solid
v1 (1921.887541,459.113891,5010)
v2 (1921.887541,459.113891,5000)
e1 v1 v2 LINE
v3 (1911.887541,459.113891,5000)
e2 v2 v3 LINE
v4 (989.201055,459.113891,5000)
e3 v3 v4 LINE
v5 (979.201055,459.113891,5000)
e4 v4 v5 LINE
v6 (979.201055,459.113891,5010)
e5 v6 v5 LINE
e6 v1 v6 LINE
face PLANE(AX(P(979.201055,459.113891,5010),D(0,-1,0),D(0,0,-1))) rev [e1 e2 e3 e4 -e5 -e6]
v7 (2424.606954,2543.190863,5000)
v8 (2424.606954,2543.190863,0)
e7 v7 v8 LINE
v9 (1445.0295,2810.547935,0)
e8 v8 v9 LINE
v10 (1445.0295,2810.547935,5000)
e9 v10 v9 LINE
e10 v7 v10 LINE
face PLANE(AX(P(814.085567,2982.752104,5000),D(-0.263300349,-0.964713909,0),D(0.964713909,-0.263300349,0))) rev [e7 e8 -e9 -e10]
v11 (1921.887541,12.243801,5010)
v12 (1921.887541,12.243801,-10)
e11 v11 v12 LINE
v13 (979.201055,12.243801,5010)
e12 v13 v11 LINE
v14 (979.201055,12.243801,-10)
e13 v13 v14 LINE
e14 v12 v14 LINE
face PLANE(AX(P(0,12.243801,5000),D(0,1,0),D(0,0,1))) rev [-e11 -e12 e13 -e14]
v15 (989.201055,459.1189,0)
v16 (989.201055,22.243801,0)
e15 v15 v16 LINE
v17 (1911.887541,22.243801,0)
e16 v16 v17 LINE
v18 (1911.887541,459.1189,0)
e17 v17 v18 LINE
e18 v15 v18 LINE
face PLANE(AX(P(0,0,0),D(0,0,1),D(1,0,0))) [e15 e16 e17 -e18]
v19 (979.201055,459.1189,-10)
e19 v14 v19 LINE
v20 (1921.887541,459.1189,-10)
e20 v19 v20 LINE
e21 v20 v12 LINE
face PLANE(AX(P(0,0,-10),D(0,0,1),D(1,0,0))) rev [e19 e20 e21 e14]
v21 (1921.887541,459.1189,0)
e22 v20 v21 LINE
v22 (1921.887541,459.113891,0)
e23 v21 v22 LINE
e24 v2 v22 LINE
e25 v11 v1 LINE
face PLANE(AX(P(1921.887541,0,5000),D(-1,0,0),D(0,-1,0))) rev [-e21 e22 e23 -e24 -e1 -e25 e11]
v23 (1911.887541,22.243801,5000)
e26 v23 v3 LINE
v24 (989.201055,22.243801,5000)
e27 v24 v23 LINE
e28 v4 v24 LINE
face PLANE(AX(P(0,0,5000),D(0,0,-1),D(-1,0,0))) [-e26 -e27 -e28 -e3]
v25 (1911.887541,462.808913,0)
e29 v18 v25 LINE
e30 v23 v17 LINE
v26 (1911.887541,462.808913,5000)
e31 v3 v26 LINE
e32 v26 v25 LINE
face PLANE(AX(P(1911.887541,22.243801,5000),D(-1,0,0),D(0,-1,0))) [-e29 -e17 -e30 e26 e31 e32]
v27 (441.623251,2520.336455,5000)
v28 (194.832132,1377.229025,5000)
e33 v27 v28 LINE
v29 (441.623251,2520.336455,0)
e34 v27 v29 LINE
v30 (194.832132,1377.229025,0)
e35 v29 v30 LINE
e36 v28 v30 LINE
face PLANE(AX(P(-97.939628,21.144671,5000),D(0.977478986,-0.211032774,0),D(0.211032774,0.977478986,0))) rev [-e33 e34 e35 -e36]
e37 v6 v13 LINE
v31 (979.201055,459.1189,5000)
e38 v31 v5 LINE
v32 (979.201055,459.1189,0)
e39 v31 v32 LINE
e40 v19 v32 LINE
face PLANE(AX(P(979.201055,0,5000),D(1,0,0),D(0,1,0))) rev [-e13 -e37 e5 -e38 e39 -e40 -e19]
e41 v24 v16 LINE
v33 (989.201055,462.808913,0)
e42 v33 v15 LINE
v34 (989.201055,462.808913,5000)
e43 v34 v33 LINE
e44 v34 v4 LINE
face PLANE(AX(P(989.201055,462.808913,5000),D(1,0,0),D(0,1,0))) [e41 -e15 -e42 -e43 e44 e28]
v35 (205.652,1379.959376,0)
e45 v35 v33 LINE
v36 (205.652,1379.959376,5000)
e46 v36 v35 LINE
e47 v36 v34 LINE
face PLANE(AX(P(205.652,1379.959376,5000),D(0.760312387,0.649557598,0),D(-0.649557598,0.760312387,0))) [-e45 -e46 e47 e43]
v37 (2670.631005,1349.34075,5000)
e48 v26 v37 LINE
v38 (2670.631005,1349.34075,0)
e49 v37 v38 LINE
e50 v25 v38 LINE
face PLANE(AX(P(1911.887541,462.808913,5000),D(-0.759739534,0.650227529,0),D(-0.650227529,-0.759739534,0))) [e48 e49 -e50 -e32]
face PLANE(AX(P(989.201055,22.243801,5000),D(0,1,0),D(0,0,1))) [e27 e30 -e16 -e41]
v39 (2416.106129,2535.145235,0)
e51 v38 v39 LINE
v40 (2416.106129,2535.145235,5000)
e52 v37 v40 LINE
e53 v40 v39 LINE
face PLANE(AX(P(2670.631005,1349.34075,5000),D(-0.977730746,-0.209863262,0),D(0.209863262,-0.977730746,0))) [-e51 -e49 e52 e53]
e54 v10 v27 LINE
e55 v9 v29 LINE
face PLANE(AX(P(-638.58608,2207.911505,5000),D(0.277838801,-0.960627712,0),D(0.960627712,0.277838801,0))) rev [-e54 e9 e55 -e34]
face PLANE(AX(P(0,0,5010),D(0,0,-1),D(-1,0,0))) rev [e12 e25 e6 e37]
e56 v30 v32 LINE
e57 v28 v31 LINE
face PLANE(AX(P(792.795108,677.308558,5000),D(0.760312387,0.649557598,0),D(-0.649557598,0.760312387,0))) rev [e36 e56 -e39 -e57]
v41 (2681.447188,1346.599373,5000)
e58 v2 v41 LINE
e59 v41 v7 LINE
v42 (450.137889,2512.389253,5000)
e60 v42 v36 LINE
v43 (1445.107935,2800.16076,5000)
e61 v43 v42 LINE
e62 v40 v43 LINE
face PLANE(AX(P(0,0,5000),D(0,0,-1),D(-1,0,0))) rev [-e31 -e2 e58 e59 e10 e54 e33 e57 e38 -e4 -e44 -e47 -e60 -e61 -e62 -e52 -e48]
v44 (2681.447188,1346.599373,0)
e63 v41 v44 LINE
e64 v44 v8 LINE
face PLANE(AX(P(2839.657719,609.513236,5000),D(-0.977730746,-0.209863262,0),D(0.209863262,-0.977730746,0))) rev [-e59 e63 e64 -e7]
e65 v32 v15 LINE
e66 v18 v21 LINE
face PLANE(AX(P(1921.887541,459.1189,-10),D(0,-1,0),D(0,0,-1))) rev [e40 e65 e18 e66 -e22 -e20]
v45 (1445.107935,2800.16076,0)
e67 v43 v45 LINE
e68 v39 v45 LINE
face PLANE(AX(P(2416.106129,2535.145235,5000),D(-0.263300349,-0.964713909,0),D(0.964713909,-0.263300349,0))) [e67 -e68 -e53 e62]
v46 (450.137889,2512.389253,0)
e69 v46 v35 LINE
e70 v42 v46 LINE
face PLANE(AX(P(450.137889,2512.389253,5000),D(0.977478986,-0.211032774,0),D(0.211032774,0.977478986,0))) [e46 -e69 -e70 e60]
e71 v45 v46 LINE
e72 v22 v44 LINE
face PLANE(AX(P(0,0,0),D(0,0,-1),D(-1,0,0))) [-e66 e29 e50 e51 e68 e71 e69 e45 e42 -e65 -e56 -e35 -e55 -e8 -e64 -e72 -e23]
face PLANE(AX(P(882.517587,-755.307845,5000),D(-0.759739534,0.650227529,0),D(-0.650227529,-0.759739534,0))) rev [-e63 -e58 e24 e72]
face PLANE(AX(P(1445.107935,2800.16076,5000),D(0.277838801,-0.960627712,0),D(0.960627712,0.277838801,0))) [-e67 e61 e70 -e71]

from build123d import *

# Parameters (mm, degrees)
EXTRUDE_THIN1_DEPTH = 5000
SKETCH3_W           = 942.686486423
SKETCH3_H           = 446.87009075
BOSS_EXTRUDE1_DEPTH = 10
SKETCH4_W           = 942.686486423
SKETCH4_H           = 446.875098961
BOSS_EXTRUDE2_DEPTH = 10
BOSS_EXTRUDE5_DEPTH = 500
BOSS_EXTRUDE5_DRAFT = -20


with BuildPart() as part:
    # Sketch2 → Extrude-Thin1 (new body)
    with BuildSketch(Plane.XY):
        Polygon((1921.887541059, 12.24380069), (1921.887541059, 459.11389144), (2681.447187748, 1346.59937336), (2424.606954424, 2543.190863223), (1445.029500253, 2810.547934615), (441.623250623, 2520.336455312), (194.832132021, 1377.229025334), (979.201054636, 459.118899651), (979.201054636, 12.24380069), align=None)
        Polygon((1911.887541059, 22.24380069), (1911.887541059, 462.808912872), (2670.631005203, 1349.340749924), (2416.106129236, 2535.14523468), (1445.107934874, 2800.160759962), (450.137888664, 2512.38925258), (205.652, 1379.959376498), (989.201054636, 462.808912872), (989.201054636, 22.24380069), align=None, mode=Mode.SUBTRACT)
    extrude(amount=EXTRUDE_THIN1_DEPTH)

    # Sketch3 → Boss-Extrude1 (add)
    with BuildSketch(Plane.XY.offset(5000)):
        with Locations((1450.544297848, 235.678846065)):
            Rectangle(SKETCH3_W, SKETCH3_H)
    extrude(amount=BOSS_EXTRUDE1_DEPTH)

    # Sketch4 → Boss-Extrude2 (add)
    with BuildSketch(Plane(origin=(0, 0, 0), x_dir=(-1, 0, 0), z_dir=(0, 0, -1))):
        with Locations((-1450.544297848, 235.681350171)):
            Rectangle(SKETCH4_W, SKETCH4_H)
    extrude(amount=BOSS_EXTRUDE2_DEPTH)


with BuildPart() as body_2:
    # Sketch5 → Boss-Extrude5 (with draft: the straight prism first)
    with BuildSketch(Plane.XY.offset(5000)):
        Polygon((989.201054636, 462.808912872), (1911.887541059, 462.808912872), (2670.631005203, 1349.340749924), (2416.106129236, 2535.14523468), (1445.107934874, 2800.160759962), (450.137888664, 2512.38925258), (205.652, 1379.959376498), align=None)
    extrude(amount=BOSS_EXTRUDE5_DEPTH)
    # Boss-Extrude5: the draft: its side faces are tilted about the plane it starts from
    boss_extrude5_sides = [body_2.faces().sort_by_distance(p)[0] for p in [
        (1450.544297848, 462.808912872, 5250),
        (2291.259273131, 906.074831398, 5250),
        (2543.368567219, 1942.242992302, 5250),
        (1930.607032055, 2667.652997321, 5250),
        (947.622911769, 2656.275006271, 5250),
        (327.894944332, 1946.174314539, 5250),
        (597.426527318, 921.384144685, 5250),
    ]]
    draft(boss_extrude5_sides, Plane.XY.offset(5000), BOSS_EXTRUDE5_DRAFT)

    # DeleteFace3: 1 face struck out; the rest of the skin is kept as a surface, the solid goes
    deleteface3_1_drop = [body_2.part.faces().sort_by_distance(Vector(p))[0] for p in ((1442.550000381, 1637.724947921, 5500),)]
    deleteface3_1 = Shell(body_2.part.faces() - deleteface3_1_drop)


solid = part.part
